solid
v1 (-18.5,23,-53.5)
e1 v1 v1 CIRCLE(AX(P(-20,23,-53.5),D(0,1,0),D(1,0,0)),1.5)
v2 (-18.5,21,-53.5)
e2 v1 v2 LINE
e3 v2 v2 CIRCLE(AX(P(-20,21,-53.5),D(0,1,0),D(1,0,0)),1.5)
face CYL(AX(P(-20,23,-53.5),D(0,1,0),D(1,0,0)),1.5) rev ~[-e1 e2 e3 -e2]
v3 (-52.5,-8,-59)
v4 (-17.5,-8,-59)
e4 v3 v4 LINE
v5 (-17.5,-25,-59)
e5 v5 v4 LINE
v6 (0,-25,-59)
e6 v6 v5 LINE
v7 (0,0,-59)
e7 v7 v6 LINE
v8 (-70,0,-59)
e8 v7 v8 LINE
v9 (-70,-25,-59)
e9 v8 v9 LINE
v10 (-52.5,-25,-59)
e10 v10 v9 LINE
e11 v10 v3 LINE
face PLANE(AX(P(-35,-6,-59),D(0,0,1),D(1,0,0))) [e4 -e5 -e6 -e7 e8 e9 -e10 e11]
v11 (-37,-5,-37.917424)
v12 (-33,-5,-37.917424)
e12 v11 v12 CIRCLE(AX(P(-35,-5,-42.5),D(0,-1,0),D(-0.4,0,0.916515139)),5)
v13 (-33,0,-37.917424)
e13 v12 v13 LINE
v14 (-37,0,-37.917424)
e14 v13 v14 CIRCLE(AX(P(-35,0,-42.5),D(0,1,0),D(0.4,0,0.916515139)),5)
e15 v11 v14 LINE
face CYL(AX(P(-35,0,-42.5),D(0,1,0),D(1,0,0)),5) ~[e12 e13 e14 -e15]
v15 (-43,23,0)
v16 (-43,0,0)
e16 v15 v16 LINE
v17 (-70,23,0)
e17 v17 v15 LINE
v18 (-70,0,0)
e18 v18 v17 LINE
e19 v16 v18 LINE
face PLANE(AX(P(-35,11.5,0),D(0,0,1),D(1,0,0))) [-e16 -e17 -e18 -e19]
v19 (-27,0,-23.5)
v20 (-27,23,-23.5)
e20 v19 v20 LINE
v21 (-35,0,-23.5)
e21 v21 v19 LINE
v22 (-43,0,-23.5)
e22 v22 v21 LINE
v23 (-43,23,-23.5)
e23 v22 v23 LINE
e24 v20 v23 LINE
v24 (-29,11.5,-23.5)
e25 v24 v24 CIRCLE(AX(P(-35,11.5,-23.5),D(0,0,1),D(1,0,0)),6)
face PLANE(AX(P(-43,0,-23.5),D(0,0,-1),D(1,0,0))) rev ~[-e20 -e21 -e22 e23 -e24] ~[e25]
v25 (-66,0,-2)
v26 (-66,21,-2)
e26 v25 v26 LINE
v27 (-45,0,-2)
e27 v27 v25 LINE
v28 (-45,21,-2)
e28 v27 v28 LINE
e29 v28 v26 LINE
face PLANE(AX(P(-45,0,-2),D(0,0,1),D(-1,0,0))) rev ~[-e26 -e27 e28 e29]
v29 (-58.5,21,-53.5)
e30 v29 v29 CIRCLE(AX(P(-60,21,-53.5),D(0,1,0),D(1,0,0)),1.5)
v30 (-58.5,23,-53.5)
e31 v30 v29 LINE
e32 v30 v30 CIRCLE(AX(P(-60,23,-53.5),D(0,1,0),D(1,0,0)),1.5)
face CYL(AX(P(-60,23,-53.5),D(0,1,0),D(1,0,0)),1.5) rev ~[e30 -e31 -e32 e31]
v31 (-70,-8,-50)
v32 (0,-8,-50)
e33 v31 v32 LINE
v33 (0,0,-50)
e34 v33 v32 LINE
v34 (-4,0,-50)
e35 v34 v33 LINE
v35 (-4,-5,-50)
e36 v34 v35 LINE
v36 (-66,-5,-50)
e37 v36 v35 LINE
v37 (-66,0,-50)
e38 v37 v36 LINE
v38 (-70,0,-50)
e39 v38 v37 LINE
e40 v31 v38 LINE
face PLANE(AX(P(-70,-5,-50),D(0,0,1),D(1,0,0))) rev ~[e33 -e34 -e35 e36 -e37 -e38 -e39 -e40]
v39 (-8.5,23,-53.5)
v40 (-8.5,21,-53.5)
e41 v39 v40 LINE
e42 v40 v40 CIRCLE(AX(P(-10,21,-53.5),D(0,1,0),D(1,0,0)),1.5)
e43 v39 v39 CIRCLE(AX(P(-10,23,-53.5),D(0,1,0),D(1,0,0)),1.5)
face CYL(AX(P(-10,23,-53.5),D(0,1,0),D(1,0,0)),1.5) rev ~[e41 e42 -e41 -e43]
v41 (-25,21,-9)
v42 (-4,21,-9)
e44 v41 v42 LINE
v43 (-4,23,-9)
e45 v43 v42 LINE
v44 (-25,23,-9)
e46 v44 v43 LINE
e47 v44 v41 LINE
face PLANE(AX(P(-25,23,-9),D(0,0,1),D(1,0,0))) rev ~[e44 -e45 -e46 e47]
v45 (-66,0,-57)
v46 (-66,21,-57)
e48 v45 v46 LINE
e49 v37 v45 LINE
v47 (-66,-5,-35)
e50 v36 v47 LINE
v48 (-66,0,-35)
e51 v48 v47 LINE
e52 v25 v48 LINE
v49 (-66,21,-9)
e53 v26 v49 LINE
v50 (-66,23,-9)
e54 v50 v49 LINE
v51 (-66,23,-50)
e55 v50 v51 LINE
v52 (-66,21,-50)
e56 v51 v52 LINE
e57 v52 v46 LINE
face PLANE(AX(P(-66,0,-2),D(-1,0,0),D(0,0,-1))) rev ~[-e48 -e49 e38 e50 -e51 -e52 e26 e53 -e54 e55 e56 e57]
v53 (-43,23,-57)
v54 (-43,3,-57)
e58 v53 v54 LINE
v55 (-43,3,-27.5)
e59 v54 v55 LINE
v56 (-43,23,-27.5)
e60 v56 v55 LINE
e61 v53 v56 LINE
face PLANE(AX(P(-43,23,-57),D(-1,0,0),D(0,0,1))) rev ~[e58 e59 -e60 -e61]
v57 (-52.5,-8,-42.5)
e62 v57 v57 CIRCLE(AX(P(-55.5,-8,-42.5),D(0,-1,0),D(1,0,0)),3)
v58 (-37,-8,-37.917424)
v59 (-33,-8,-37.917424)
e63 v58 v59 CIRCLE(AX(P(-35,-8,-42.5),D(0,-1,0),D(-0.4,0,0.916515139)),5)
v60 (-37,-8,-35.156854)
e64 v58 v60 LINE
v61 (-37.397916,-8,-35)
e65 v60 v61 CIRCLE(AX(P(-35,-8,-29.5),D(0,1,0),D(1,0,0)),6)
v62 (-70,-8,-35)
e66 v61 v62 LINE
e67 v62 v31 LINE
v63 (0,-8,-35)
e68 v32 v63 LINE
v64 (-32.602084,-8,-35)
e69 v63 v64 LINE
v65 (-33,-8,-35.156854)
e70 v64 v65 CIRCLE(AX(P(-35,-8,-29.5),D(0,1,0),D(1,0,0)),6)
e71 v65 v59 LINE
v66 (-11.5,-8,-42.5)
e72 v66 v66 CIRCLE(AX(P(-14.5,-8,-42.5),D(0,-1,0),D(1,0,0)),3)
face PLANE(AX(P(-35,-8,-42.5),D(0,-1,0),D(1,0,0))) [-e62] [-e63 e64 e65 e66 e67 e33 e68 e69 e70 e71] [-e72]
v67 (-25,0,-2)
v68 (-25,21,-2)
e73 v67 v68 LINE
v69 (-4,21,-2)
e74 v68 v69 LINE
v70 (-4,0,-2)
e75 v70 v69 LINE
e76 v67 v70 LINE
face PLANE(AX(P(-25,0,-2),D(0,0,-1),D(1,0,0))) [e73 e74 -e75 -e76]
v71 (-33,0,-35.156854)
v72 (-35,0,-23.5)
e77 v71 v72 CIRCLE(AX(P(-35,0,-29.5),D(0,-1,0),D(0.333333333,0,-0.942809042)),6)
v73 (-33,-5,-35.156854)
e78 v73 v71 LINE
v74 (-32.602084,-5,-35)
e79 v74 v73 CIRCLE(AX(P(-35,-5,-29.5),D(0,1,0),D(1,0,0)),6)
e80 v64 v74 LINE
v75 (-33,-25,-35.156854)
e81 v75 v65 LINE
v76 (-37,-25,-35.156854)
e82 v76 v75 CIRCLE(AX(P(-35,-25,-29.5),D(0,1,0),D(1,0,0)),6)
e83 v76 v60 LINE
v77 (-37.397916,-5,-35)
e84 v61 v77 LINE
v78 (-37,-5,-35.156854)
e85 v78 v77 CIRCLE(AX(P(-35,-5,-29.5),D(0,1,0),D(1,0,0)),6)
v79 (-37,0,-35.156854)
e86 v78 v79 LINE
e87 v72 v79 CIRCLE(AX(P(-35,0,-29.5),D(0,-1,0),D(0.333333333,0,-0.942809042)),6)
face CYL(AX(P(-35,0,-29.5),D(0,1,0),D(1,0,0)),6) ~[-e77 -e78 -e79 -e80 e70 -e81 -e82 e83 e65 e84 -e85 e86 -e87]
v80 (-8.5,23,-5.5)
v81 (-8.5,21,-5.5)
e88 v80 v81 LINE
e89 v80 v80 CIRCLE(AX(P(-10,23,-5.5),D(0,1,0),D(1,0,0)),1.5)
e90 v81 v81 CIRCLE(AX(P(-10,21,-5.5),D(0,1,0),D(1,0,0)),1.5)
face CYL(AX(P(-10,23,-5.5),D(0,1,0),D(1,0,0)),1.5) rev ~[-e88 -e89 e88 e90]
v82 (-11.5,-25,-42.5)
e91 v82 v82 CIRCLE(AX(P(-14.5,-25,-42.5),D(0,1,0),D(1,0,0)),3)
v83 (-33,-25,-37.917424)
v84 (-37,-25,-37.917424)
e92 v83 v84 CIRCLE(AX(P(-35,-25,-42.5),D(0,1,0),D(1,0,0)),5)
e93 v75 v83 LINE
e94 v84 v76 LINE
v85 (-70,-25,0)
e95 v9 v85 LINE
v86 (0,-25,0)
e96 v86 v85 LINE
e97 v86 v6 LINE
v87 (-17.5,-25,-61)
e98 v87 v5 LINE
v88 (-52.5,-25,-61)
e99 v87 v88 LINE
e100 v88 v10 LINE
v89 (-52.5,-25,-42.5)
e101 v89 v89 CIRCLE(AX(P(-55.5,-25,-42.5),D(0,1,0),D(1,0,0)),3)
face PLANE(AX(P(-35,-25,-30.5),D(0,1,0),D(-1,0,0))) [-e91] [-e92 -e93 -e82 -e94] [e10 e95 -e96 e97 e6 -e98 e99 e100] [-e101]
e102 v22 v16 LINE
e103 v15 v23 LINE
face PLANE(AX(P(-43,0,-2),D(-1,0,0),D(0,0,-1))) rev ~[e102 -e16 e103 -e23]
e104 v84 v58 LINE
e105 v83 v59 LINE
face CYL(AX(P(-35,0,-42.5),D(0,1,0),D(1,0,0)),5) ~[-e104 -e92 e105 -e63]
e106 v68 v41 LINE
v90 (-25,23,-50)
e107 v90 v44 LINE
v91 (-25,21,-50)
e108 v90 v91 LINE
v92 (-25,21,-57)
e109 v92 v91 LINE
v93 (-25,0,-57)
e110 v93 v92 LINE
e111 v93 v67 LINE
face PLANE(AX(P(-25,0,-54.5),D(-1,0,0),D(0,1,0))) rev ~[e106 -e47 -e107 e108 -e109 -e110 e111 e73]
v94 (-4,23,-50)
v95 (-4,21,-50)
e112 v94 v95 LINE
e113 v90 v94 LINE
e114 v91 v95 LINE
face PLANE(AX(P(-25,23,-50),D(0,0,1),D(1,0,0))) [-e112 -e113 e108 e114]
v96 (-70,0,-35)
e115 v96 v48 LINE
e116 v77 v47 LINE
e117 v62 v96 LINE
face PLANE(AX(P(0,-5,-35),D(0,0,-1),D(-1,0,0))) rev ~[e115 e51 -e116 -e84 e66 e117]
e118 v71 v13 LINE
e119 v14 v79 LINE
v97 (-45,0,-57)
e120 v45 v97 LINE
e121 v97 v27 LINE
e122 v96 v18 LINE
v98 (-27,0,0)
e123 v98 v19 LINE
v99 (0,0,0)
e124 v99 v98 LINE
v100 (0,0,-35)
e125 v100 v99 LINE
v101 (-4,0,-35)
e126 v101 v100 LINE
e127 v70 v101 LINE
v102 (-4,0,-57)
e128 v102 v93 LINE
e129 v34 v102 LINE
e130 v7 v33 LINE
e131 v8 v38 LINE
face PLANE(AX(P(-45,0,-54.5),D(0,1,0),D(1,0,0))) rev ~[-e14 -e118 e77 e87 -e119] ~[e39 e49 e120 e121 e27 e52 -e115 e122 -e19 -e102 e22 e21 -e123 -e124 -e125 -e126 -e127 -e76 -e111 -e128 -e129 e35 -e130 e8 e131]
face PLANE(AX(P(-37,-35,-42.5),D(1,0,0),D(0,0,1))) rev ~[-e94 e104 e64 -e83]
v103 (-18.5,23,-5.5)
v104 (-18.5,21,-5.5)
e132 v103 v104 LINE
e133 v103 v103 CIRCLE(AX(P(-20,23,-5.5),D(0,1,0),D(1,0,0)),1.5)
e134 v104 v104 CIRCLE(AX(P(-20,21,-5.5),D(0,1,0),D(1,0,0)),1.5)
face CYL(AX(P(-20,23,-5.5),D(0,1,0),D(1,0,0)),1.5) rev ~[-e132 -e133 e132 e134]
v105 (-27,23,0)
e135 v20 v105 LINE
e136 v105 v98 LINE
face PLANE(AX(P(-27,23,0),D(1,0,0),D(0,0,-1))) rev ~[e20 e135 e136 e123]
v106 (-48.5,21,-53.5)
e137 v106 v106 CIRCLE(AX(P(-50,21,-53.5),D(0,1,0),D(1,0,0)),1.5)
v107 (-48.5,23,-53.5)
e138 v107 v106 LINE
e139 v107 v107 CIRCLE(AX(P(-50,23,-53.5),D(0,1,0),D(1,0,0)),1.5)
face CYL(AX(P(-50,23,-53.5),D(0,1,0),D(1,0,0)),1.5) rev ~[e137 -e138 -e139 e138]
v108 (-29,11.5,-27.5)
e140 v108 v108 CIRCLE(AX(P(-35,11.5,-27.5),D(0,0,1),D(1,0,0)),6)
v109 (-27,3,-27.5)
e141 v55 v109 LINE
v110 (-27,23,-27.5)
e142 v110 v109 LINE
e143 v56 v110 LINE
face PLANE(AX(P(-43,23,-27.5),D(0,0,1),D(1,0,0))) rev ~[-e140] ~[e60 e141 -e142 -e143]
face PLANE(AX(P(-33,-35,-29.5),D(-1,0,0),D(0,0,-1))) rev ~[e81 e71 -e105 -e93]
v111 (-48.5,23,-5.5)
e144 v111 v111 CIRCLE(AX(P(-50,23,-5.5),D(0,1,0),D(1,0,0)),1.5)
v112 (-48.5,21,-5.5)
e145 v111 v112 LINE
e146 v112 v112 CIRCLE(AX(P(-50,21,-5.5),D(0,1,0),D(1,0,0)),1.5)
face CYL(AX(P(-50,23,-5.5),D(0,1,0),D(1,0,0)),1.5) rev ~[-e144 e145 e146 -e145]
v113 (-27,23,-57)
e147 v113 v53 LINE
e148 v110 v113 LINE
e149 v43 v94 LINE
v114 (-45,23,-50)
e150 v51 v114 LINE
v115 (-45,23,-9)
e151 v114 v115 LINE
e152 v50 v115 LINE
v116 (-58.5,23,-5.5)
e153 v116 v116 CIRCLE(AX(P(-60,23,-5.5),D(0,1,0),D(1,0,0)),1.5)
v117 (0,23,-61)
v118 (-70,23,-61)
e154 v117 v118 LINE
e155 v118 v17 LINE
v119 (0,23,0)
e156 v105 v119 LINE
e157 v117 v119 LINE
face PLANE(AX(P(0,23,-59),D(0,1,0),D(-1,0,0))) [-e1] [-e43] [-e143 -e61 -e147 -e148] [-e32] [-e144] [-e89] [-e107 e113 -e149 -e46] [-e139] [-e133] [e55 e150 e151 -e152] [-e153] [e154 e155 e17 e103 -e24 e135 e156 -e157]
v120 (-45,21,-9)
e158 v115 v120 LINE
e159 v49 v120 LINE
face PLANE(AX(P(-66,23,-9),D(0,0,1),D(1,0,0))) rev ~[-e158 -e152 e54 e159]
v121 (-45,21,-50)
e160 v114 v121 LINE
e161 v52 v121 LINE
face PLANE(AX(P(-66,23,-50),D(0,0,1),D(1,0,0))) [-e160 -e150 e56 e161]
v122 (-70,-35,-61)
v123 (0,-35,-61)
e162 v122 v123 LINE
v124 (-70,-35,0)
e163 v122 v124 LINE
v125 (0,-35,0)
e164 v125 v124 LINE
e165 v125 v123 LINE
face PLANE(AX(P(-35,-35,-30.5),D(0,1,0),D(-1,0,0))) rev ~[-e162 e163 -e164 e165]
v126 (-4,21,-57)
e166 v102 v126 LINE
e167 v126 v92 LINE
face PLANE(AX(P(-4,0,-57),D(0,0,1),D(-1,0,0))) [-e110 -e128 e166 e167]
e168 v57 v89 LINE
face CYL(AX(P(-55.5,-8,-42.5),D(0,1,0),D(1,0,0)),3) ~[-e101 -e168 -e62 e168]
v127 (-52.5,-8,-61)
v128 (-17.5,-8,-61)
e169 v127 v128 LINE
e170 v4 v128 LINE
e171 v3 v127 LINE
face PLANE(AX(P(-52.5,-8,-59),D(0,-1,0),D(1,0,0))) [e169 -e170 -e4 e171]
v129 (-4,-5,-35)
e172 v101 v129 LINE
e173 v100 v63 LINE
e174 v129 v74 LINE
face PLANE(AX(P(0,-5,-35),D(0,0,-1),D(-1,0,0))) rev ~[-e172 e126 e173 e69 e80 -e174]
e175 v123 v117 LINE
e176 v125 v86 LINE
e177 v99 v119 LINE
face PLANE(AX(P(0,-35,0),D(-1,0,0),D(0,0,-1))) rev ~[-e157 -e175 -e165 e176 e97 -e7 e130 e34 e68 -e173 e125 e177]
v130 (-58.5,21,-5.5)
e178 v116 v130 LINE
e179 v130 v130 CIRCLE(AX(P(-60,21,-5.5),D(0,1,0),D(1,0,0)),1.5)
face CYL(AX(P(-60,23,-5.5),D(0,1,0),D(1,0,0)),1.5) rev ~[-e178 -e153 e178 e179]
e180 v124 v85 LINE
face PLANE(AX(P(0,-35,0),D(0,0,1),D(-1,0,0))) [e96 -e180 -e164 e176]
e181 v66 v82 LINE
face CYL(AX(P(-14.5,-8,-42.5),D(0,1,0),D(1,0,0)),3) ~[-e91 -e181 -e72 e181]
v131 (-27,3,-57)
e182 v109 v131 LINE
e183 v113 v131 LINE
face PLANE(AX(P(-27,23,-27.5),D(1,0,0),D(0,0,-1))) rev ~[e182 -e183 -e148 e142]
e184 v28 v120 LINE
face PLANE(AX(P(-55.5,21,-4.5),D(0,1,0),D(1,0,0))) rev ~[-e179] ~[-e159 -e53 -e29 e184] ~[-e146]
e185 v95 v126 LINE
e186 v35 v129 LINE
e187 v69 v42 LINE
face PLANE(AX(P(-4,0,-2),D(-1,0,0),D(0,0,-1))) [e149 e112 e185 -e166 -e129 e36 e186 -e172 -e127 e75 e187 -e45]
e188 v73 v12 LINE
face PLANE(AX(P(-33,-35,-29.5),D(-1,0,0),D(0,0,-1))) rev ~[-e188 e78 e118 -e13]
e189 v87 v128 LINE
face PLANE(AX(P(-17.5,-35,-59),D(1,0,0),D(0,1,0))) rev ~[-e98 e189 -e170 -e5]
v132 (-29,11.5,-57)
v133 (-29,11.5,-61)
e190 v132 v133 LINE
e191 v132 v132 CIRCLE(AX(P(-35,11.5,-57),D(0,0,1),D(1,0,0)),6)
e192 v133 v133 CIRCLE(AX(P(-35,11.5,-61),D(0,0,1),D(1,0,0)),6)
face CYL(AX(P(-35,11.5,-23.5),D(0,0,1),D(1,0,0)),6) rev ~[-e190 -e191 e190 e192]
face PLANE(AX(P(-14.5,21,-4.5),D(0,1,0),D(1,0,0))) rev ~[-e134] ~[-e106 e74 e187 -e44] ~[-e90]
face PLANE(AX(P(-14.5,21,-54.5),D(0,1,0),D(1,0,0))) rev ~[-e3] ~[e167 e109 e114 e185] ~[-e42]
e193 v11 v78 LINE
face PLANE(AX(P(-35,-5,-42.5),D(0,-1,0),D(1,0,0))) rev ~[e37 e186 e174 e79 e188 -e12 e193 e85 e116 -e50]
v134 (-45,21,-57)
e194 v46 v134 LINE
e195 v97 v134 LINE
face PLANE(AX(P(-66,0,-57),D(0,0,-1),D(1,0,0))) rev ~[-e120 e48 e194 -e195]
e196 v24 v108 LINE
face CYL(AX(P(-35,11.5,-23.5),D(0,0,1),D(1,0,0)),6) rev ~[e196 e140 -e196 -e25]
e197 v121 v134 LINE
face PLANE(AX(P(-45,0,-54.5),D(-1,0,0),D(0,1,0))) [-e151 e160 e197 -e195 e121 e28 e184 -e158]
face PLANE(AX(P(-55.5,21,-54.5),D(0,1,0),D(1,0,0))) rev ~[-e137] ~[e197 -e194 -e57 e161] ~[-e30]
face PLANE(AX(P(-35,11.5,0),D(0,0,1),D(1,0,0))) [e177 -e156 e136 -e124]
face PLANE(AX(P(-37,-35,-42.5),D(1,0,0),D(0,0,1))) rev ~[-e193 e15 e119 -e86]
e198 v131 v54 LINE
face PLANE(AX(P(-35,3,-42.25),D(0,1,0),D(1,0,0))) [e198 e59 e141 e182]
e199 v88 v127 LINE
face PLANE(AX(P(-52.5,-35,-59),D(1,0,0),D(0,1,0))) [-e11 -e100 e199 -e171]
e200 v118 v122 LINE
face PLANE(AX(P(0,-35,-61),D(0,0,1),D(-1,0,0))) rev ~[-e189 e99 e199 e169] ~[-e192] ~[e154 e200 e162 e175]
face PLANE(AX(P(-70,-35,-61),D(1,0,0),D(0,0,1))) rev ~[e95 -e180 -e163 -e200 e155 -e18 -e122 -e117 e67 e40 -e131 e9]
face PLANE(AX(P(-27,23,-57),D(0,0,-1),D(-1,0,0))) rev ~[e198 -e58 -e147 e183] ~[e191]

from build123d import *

# Parameters (mm, degrees)
EXTRUDE_1_DEPTH     = 23
EXTRUDE_1_2_DEPTH   = 23
SKETCH_2_W          = 21
SKETCH_2_H          = 9
EXTRUDE_2_DEPTH     = 2
SKETCH_3_R          = 1.5
CUT_EXTRUDE_1_DEPTH = 2
SKETCH_4_W          = 4.5
SKETCH_4_H          = 23
EXTRUDE_3_DEPTH     = 20
SKETCH_5_W          = 20
SKETCH_5_H          = 23
EXTRUDE_4_DEPTH     = 54.5
SKETCH_7_R          = 6
EXTRUDE_5_DEPTH     = 35
SKETCH_8_W          = 4
SKETCH_8_H          = 15
EXTRUDE_6_DEPTH     = 5
EXTRUDE_7_DEPTH     = 3
SKETCH_10_R         = 5
EXTRUDE_8_DEPTH     = 35
EXTRUDE_9_DEPTH     = 35
SKETCH_12_R         = 3
EXTRUDE_10_DEPTH    = 27
CUT_EXTRUDE_2_DEPTH = 27
CUT_EXTRUDE_3_DEPTH = 20
EXTRUDE_11_DEPTH    = 2
SKETCH_16_W         = 35
SKETCH_16_H         = 27
CUT_EXTRUDE_5_DEPTH = 2
SKETCH_18_W         = 16
SKETCH_18_H         = 2
CUT_EXTRUDE_7_DEPTH = 30
SKETCH_19_R         = 3
CUT_EXTRUDE_8_DEPTH = 50
EXTRUDE_12_DEPTH    = 10
SKETCH_21_R         = 6
CUT_EXTRUDE_9_DEPTH = 60


with BuildPart() as part:
    # 스케치1 → 보스-돌출1 (new body)
    with BuildSketch(Plane(origin=(0, 0, 0), x_dir=(1, 0, 0), z_dir=(0, 1, 0))):
        Polygon((-66, 57), (-45, 57), (-45, 59), (-70, 59), (-70, 0), (-45, 0), (-45, 2), (-66, 2), align=None)
    extrude(amount=EXTRUDE_1_DEPTH)



with BuildPart() as body_2:
    # 스케치1 → Extrude 1 2 (new body)
    with BuildSketch(Plane(origin=(0, 0, 0), x_dir=(1, 0, 0), z_dir=(0, 1, 0))):
        Polygon((-25, 2), (-4, 2), (-4, 57), (-25, 57), (-25, 59), (0, 59), (0, 0), (-25, 0), align=None)
    extrude(amount=EXTRUDE_1_2_DEPTH)


with BuildPart() as part_1:
    add(part.part)

    add(body_2.part)  # 보스-돌출2 merges body 2
    # 스케치2 → 보스-돌출2 (add)
    with BuildSketch(Plane(origin=(0, 23, 0), x_dir=(1, 0, 0), z_dir=(0, 1, 0))):
        with Locations((-55.5, 54.5)):
            Rectangle(SKETCH_2_W, SKETCH_2_H)
        with Locations((-14.5, 54.5)):
            Rectangle(SKETCH_2_W, SKETCH_2_H)
        with Locations((-55.5, 4.5)):
            Rectangle(SKETCH_2_W, SKETCH_2_H)
        with Locations((-14.5, 4.5)):
            Rectangle(SKETCH_2_W, SKETCH_2_H)
    extrude(amount=-EXTRUDE_2_DEPTH)

    # 스케치3 → 컷-돌출1 (cut)
    with BuildSketch(Plane(origin=(0, 23, 0), x_dir=(1, 0, 0), z_dir=(0, 1, 0))):
        with Locations((-50, 53.5)):
            Circle(SKETCH_3_R)
        with Locations((-60, 53.5)):
            Circle(SKETCH_3_R)
        with Locations((-20, 53.5)):
            Circle(SKETCH_3_R)
        with Locations((-10, 53.5)):
            Circle(SKETCH_3_R)
        with Locations((-60, 5.5)):
            Circle(SKETCH_3_R)
        with Locations((-50, 5.5)):
            Circle(SKETCH_3_R)
        with Locations((-20, 5.5)):
            Circle(SKETCH_3_R)
        with Locations((-10, 5.5)):
            Circle(SKETCH_3_R)
    extrude(amount=-CUT_EXTRUDE_1_DEPTH, mode=Mode.SUBTRACT)

    # 스케치4 → 보스-돌출3 (add)
    with BuildSketch(Plane.ZY.offset(25)):
        with Locations((-56.75, 11.5)):
            Rectangle(SKETCH_4_W, SKETCH_4_H)
    extrude(amount=EXTRUDE_3_DEPTH)

    # 스케치5 → 보스-돌출4 (add)
    with BuildSketch(Plane.XY.offset(-54.5)):
        with Locations((-35, 11.5)):
            Rectangle(SKETCH_5_W, SKETCH_5_H)
    extrude(amount=EXTRUDE_4_DEPTH)

    # 스케치7 → 보스-돌출5 (add)
    with BuildSketch(Plane.XZ):
        with Locations((-35, -29.5)):
            Circle(SKETCH_7_R)
    extrude(amount=EXTRUDE_5_DEPTH)

    # 스케치8 → 보스-돌출6 (add)
    with BuildSketch(Plane.XZ):
        with Locations((-2, -42.5)):
            Rectangle(SKETCH_8_W, SKETCH_8_H)
        with Locations((-68, -42.5)):
            Rectangle(SKETCH_8_W, SKETCH_8_H)
    extrude(amount=EXTRUDE_6_DEPTH)

    # 스케치9 → 보스-돌출7 (add)
    with BuildSketch(Plane.XZ.offset(5)):
        Polygon((-70, -50), (-45, -50), (0, -50), (0, -35), (-70, -35), align=None)
    extrude(amount=EXTRUDE_7_DEPTH)

    # 스케치10 → 보스-돌출8 (add)
    with BuildSketch(Plane.XZ):
        with Locations((-35, -42.5)):
            Circle(SKETCH_10_R)
    extrude(amount=EXTRUDE_8_DEPTH)

    # 스케치11 → 보스-돌출9 (add)
    with BuildSketch(Plane.XZ.offset(35)):
        Polygon((-35, -29.5), (-33, -29.5), (-33, -42.5), (-37, -42.5), (-37, -29.5), align=None)
    extrude(amount=-EXTRUDE_9_DEPTH)

    # 스케치12 → 보스-돌출10 (add)
    with BuildSketch(Plane.XZ.offset(8)):
        with Locations((-55.5, -42.5)):
            Circle(SKETCH_12_R)
        with Locations((-14.5, -42.5)):
            Circle(SKETCH_12_R)
    extrude(amount=EXTRUDE_10_DEPTH)

    # 스케치13 → 컷-돌출2 (cut)
    with BuildSketch(Plane.XZ):
        Polygon((-35, -23.5), (-27, -23.5), (-27, -2), (-43, -2), (-43, -23.5), align=None)
    extrude(amount=-CUT_EXTRUDE_2_DEPTH, mode=Mode.SUBTRACT)

    # 스케치14 → 컷-돌출3 (cut)
    with BuildSketch(Plane(origin=(0, 23, 0), x_dir=(1, 0, 0), z_dir=(0, 1, 0))):
        Polygon((-27, 57), (-35, 57), (-43, 57), (-43, 27.5), (-35, 27.5), (-27, 27.5), align=None)
    extrude(amount=-CUT_EXTRUDE_3_DEPTH, mode=Mode.SUBTRACT)

    # 스케치15 → 보스-돌출11 (add)
    with BuildSketch(Plane(origin=(0, 0, -59), x_dir=(-1, 0, 0), z_dir=(0, 0, -1))):
        Polygon((0, 0), (0, 23), (70, 23), (70, -35), (0, -35), align=None)
    extrude(amount=EXTRUDE_11_DEPTH)

    # 스케치16 → 컷-돌출5 (cut)
    with BuildSketch(Plane.XY.offset(-59)):
        with Locations((-35, -21.5)):
            Rectangle(SKETCH_16_W, SKETCH_16_H)
    extrude(amount=-CUT_EXTRUDE_5_DEPTH, mode=Mode.SUBTRACT)

    # 스케치18 → 컷-돌출7 (cut)
    with BuildSketch(Plane(origin=(0, 23, 0), x_dir=(1, 0, 0), z_dir=(0, 1, 0))):
        with Locations((-35, 1)):
            Rectangle(SKETCH_18_W, SKETCH_18_H)
    extrude(amount=-CUT_EXTRUDE_7_DEPTH, mode=Mode.SUBTRACT)

    # 스케치19 → 컷-돌출8 (cut)
    with BuildSketch(Plane.XY.offset(-23.5)):
        with Locations((-35, 11.5)):
            Circle(SKETCH_19_R)
    extrude(amount=-CUT_EXTRUDE_8_DEPTH, mode=Mode.SUBTRACT)

    # 스케치20 → 보스-돌출12 (add)
    with BuildSketch(Plane.XZ.offset(35)):
        Polygon((-35, 0), (0, 0), (0, -61), (-70, -61), (-70, 0), align=None)
    extrude(amount=-EXTRUDE_12_DEPTH)

    # 스케치21 → 컷-돌출9 (cut)
    with BuildSketch(Plane.XY.offset(-23.5)):
        with Locations((-35, 11.5)):
            Circle(SKETCH_21_R)
    extrude(amount=-CUT_EXTRUDE_9_DEPTH, mode=Mode.SUBTRACT)


solid = part_1.part
